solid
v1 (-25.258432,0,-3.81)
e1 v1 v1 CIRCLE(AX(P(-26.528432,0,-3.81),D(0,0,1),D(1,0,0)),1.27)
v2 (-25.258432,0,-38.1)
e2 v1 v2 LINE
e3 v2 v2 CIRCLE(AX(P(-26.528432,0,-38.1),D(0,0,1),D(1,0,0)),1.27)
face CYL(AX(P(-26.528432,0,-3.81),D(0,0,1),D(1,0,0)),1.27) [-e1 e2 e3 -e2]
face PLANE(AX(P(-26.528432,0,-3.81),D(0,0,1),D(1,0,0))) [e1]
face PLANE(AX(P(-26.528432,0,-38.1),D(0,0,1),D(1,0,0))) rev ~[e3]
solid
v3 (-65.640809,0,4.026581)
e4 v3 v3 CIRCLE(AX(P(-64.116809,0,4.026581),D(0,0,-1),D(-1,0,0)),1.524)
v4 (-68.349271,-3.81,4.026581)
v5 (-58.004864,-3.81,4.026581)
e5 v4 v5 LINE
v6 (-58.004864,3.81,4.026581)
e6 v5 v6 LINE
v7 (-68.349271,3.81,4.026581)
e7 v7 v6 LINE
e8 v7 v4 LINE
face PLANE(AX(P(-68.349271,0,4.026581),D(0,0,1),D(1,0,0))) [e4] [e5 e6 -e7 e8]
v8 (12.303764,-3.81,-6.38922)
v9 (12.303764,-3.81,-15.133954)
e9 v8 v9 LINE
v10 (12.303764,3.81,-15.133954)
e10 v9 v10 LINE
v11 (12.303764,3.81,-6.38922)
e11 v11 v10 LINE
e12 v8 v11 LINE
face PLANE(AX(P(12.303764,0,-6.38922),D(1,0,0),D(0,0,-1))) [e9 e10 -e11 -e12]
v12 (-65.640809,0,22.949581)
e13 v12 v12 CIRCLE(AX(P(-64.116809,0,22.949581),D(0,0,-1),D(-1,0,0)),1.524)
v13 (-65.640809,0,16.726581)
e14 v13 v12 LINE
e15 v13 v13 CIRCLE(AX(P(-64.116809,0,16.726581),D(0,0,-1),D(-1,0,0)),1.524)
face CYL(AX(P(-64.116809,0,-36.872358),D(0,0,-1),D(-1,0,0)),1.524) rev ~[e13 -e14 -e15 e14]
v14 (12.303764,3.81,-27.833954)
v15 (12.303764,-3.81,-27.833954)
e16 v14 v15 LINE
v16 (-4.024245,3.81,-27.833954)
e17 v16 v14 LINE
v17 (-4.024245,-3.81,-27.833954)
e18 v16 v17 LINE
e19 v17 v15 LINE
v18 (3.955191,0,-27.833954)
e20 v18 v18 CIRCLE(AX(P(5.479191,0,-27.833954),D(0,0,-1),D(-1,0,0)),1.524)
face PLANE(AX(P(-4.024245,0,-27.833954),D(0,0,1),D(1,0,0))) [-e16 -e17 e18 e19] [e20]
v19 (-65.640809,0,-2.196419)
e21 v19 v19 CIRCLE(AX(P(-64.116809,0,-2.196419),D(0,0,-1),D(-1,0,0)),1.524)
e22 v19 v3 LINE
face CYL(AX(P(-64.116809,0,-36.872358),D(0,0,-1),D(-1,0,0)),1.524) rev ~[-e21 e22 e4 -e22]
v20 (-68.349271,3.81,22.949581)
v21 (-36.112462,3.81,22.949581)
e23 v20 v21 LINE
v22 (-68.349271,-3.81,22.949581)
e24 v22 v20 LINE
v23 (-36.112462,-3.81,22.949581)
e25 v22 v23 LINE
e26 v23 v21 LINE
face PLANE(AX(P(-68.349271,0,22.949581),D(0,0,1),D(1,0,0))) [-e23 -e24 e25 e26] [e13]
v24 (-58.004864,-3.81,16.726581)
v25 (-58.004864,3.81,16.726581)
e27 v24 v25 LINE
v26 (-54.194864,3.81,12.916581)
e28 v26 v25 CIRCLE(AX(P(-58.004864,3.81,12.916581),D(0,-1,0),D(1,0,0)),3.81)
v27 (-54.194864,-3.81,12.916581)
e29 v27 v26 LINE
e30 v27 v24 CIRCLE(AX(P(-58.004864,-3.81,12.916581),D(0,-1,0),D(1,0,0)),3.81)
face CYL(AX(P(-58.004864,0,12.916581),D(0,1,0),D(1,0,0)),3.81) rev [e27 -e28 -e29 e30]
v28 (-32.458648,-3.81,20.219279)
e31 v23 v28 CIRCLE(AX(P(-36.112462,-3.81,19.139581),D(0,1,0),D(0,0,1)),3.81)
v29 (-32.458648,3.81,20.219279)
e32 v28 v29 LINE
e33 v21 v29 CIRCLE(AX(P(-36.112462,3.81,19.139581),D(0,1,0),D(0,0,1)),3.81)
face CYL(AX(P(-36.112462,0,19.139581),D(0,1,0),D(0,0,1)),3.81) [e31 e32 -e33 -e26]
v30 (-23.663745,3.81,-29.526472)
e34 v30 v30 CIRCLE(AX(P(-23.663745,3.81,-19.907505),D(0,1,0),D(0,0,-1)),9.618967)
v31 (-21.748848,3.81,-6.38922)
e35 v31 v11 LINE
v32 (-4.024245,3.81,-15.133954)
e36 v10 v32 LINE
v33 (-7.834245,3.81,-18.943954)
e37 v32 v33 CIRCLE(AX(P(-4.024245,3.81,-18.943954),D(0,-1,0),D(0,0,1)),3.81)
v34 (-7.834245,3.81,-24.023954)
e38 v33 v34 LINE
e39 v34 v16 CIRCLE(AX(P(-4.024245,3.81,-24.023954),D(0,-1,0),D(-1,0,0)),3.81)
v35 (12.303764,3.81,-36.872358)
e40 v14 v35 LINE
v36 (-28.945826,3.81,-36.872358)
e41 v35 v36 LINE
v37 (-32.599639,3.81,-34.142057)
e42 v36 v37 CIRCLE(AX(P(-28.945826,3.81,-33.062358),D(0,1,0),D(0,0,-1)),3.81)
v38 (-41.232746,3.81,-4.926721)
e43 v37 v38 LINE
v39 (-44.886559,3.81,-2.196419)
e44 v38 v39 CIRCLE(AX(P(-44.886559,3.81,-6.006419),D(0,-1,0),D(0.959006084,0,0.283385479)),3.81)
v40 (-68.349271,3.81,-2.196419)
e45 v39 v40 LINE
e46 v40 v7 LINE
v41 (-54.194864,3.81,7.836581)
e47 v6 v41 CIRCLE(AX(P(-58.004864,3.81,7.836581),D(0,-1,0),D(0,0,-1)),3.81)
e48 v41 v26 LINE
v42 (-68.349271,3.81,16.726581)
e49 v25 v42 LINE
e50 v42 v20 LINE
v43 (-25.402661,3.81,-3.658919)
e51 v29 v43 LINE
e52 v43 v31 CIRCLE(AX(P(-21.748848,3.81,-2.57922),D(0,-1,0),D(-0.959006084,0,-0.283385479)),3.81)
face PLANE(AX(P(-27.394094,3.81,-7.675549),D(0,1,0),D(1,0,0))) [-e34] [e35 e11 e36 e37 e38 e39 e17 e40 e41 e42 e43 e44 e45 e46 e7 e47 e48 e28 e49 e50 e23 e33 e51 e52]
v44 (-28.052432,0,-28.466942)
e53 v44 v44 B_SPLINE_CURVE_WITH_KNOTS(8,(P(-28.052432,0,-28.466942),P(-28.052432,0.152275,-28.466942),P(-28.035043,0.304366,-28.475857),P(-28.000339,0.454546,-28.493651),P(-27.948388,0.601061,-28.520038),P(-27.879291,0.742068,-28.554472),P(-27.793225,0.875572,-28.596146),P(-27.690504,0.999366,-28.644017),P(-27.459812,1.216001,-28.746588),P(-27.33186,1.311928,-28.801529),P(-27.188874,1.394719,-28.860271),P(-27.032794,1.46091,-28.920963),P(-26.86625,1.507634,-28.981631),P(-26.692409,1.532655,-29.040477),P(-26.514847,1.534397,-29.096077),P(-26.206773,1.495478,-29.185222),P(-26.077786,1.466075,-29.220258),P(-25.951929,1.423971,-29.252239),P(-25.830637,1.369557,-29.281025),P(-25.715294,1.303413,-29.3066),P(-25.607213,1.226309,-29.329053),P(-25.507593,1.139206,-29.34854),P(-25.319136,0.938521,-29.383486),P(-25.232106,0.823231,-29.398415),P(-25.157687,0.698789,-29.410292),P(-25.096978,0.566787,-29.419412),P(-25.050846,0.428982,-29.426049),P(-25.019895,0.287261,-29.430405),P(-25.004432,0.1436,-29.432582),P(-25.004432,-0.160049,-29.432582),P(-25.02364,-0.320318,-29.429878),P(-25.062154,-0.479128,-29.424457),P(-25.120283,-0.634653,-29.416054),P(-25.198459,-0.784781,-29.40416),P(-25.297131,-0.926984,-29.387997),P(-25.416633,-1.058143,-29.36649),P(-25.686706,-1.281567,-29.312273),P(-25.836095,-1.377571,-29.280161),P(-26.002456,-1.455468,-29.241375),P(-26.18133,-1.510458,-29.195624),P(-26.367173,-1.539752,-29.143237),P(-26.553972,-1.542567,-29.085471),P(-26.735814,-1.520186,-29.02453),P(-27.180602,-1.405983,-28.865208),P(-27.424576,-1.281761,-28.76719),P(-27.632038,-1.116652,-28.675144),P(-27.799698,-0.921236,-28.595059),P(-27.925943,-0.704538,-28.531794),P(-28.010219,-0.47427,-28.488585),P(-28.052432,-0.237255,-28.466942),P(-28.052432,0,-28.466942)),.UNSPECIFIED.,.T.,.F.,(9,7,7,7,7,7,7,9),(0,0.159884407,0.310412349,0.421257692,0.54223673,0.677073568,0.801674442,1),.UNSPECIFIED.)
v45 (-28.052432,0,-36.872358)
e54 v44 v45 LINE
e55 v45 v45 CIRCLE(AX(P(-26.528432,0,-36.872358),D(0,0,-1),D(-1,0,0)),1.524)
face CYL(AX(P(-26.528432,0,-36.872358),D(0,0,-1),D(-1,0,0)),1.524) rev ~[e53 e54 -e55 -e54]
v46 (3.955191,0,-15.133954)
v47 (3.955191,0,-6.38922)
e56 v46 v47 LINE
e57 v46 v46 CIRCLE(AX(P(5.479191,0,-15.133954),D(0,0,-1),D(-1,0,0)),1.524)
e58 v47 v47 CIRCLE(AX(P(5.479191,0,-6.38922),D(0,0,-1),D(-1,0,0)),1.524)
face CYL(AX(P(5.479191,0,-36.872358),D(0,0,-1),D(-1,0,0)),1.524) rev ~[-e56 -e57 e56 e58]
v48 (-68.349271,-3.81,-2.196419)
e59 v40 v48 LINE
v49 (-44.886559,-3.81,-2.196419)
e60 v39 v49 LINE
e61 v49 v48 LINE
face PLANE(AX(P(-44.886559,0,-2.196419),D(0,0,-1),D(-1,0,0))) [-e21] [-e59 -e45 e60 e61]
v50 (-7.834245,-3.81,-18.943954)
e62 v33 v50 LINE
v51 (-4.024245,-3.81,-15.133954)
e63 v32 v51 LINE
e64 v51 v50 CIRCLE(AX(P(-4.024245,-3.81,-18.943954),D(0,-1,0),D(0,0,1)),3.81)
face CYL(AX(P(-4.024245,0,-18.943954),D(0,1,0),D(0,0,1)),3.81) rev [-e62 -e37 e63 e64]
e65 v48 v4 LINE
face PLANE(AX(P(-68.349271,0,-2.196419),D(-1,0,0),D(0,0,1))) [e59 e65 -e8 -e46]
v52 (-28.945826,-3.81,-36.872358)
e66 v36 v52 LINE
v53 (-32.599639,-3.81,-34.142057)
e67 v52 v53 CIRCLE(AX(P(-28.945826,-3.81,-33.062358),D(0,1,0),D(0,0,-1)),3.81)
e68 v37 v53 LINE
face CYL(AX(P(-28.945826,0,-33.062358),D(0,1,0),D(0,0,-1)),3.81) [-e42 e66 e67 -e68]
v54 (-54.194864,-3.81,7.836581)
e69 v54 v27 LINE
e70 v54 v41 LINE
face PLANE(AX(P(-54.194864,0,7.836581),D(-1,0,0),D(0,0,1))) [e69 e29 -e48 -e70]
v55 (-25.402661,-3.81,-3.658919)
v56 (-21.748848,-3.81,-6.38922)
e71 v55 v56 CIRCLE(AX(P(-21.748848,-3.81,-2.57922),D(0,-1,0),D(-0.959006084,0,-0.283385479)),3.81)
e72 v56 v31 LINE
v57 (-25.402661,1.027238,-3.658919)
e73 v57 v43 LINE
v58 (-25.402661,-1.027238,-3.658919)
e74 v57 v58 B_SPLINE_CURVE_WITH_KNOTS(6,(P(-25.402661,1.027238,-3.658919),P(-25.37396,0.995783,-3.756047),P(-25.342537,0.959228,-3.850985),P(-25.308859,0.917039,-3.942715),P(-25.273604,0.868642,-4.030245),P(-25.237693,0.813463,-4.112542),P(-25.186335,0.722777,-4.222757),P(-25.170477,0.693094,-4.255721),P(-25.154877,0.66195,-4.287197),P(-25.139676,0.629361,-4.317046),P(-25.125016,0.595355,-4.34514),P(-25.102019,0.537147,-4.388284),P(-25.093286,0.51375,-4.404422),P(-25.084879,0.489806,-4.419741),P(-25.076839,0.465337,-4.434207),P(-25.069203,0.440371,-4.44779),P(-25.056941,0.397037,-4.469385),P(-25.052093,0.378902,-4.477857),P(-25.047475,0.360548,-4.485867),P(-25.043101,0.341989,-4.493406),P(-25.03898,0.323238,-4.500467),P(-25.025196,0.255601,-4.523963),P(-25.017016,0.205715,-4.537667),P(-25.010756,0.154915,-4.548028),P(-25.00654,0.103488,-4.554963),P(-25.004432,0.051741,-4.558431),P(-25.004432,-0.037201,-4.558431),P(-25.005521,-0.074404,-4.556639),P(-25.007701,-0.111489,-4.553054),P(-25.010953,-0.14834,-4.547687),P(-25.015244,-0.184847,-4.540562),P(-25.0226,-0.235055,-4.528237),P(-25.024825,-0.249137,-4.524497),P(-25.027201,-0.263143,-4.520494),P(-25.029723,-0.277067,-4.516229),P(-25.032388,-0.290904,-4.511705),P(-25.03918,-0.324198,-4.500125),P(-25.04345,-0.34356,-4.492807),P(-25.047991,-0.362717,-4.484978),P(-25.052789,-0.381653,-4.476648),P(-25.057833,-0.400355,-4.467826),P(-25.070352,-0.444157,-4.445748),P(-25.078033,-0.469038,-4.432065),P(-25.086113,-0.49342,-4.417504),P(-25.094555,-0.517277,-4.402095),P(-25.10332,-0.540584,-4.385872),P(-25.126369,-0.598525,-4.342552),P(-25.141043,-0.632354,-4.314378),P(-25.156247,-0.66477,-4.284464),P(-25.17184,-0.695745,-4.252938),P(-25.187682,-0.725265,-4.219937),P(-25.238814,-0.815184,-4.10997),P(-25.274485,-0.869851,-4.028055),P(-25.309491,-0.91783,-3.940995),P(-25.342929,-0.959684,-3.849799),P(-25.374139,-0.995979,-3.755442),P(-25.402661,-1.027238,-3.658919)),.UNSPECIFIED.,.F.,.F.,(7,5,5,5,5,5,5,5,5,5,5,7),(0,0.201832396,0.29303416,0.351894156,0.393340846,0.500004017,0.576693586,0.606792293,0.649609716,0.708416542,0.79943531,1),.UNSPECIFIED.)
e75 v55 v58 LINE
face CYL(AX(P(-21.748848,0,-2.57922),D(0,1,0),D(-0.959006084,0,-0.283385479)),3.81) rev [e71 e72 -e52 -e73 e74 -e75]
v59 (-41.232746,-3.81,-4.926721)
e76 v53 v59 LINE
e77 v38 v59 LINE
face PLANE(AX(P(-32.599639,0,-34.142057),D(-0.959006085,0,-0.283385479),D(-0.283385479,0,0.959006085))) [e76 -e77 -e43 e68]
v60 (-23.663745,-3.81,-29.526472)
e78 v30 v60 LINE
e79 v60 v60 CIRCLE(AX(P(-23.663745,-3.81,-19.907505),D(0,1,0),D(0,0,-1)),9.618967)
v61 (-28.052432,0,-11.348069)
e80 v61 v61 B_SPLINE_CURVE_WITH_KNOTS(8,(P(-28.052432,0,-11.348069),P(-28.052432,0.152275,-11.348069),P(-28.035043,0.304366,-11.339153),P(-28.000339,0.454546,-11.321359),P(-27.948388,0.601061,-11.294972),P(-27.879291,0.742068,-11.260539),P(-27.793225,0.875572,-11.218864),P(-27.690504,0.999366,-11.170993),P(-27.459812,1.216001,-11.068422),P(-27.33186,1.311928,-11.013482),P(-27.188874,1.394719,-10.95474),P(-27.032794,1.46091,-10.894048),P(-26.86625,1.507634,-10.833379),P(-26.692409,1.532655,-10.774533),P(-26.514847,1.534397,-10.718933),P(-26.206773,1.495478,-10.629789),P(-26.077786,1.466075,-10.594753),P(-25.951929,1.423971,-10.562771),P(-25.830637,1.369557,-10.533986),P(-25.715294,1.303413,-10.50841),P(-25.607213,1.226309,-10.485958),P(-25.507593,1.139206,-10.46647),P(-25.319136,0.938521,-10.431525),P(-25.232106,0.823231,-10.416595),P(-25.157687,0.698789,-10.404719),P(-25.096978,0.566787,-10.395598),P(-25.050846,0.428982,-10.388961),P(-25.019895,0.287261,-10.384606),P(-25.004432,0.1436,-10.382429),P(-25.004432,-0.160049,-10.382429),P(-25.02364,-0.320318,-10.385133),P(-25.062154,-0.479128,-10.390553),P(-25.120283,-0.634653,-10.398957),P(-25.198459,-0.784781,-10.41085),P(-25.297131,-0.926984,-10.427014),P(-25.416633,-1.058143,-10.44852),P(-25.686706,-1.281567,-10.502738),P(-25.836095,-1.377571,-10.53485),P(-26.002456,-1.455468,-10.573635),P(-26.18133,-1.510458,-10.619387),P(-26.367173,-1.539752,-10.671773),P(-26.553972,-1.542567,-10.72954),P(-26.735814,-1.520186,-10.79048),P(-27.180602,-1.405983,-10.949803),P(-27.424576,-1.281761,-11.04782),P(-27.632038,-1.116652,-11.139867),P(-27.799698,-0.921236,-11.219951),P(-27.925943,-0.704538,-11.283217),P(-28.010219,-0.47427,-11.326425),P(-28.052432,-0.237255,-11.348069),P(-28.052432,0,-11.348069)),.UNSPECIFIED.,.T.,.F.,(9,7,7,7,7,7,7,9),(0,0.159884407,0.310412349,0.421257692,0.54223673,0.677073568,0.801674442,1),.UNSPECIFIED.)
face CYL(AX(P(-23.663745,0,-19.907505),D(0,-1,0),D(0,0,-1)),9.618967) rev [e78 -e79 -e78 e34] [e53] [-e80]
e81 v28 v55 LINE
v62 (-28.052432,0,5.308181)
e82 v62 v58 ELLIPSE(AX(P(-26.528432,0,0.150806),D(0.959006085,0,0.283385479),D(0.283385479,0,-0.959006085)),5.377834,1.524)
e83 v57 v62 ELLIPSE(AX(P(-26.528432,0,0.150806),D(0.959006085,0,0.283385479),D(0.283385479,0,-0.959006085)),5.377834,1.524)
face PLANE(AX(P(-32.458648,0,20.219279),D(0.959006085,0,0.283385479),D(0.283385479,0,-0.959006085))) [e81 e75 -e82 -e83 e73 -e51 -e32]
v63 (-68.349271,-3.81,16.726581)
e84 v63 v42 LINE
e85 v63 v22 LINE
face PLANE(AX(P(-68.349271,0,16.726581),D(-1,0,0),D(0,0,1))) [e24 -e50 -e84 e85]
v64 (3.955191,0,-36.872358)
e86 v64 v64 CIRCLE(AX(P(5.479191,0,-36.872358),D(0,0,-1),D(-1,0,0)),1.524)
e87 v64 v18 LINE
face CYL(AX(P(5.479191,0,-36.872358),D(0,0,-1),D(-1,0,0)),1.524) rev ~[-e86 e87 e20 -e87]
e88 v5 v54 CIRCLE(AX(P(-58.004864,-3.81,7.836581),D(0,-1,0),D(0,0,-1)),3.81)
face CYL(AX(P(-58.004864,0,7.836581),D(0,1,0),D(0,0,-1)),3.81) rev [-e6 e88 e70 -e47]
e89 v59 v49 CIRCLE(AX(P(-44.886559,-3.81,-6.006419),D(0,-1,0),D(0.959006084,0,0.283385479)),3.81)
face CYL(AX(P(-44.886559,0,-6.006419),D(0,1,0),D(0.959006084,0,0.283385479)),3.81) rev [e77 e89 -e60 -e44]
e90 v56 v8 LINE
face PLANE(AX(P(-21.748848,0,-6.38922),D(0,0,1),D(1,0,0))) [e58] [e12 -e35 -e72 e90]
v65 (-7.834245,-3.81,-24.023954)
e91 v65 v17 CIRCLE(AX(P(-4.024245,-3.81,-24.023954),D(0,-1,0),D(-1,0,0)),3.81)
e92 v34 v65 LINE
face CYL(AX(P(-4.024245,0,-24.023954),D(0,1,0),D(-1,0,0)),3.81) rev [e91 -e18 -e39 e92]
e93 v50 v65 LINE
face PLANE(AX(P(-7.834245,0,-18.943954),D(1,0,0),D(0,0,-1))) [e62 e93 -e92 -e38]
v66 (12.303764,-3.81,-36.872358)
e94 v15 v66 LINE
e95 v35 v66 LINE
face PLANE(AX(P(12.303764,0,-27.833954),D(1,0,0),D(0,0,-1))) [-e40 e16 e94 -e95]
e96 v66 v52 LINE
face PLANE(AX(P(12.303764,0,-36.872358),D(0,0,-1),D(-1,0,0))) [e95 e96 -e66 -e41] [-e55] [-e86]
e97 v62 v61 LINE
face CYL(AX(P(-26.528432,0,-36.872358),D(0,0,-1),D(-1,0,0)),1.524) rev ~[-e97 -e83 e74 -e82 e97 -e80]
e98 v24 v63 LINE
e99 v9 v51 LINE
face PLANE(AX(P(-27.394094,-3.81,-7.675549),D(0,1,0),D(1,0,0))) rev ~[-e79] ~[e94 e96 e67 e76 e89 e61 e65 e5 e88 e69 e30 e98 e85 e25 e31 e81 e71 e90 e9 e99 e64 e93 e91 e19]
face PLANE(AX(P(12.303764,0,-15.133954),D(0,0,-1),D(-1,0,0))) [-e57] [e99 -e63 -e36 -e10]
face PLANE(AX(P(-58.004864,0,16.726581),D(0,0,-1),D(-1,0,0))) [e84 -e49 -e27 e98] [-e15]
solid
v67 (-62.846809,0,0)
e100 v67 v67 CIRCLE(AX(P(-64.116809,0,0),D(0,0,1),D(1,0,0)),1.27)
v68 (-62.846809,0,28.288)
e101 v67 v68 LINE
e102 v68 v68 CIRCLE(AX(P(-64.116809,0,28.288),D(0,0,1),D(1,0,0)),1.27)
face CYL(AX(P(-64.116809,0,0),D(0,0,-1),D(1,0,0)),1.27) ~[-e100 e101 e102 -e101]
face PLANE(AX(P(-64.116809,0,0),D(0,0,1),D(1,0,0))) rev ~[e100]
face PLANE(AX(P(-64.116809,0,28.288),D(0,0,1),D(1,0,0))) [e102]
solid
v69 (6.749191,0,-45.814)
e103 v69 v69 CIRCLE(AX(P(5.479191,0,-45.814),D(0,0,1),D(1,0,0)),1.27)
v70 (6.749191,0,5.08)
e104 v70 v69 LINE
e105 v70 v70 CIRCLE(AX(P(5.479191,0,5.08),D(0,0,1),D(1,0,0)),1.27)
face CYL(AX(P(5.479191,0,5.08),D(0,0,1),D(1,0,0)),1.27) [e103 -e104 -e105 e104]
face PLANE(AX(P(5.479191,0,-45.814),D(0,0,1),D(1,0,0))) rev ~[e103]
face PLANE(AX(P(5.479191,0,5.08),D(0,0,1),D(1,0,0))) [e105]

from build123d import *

# Parameters (mm, degrees)
SKETCH21_R         = 9.618966791
EXTRUDE1_DEPTH     = 3.81
SKETCH22_R         = 1.524
CUT_EXTRUDE1_DEPTH = 91.7575
EXTRUDE2_START     = -3.81
SKETCH24_R         = 1.27
EXTRUDE2_DEPTH     = 34.29
SKETCH24_3_R       = 1.27
EXTRUDE3_DEPTH     = 28.288
EXTRUDE4_START     = 5.08
SKETCH24_4_R       = 1.27
EXTRUDE4_DEPTH     = 50.894


with BuildPart() as part:
    # Sketch21 → Extrude1 (new, symmetric)
    with BuildSketch(Plane(origin=(0, 0, 0), x_dir=(1, 0, 0), z_dir=(0, 1, 0))):
        with BuildLine():
            Line((-68.34927062, -4.026580717), (-58.004863859, -4.026580717))
            ThreePointArc((-58.004863859, -4.026580717), (-55.310787023, -5.142503881), (-54.194863859, -7.836580717))
            Line((-54.194863859, -7.836580717), (-54.194863859, -12.916580717))
            ThreePointArc((-54.194863859, -12.916580717), (-55.310787023, -15.610657554), (-58.004863859, -16.726580717))
            Line((-58.004863859, -16.726580717), (-68.34927062, -16.726580717))
            Line((-68.34927062, -16.726580717), (-68.34927062, -22.949580717))
            Line((-68.34927062, -22.949580717), (-36.112461516, -22.949580717))
            ThreePointArc((-36.112461516, -22.949580717), (-33.831842297, -22.191608892), (-32.458648334, -20.219279394))
            Line((-32.458648334, -20.219279394), (-25.402661098, 3.658918981))
            ThreePointArc((-25.402661098, 3.658918981), (-24.029467135, 5.631248479), (-21.748847916, 6.389220304))
            Line((-21.748847916, 6.389220304), (12.303763798, 6.389220304))
            Line((12.303763798, 6.389220304), (12.303763798, 15.133953501))
            Line((12.303763798, 15.133953501), (-4.02424507, 15.133953501))
            ThreePointArc((-4.02424507, 15.133953501), (-6.718321906, 16.249876665), (-7.83424507, 18.943953501))
            Line((-7.83424507, 18.943953501), (-7.83424507, 24.023953501))
            ThreePointArc((-7.83424507, 24.023953501), (-6.718321906, 26.718030338), (-4.02424507, 27.833953501))
            Line((-4.02424507, 27.833953501), (12.303763798, 27.833953501))
            Line((12.303763798, 27.833953501), (12.303763798, 36.872358218))
            Line((12.303763798, 36.872358218), (-28.945825611, 36.872358218))
            ThreePointArc((-28.945825611, 36.872358218), (-31.22644483, 36.114386393), (-32.599638793, 34.142056894))
            Line((-32.599638793, 34.142056894), (-41.232745726, 4.926720606))
            ThreePointArc((-41.232745726, 4.926720606), (-42.605939689, 2.954391108), (-44.886558908, 2.196419283))
            Line((-44.886558908, 2.196419283), (-68.34927062, 2.196419283))
            Line((-68.34927062, 2.196419283), (-68.34927062, -4.026580717))
        make_face()
        with Locations(Location((-23.6637447, 19.907505249, 0), (0, 0, 90))):
            Circle(SKETCH21_R, mode=Mode.SUBTRACT)
    extrude(amount=EXTRUDE1_DEPTH, both=True)

    # Sketch22 → Cut-Extrude1 (cut, symmetric)
    with BuildSketch(Plane(origin=(0, 0, -36.872358218), x_dir=(-1, 0, 0), z_dir=(0, 0, -1))):
        with Locations((-5.47919097, 0)):
            Circle(SKETCH22_R)
        with Locations((64.11680903, 0)):
            Circle(SKETCH22_R)
        with Locations((26.528431516, 0)):
            Circle(SKETCH22_R)
    extrude(amount=CUT_EXTRUDE1_DEPTH, both=True, mode=Mode.SUBTRACT)


with BuildPart() as body_2:
    # Sketch24 → Extrude2 (new body)
    with BuildSketch(Plane.XY.offset(EXTRUDE2_START)):
        with Locations((-26.528431516, 0)):
            Circle(SKETCH24_R)
    extrude(amount=-EXTRUDE2_DEPTH)


with BuildPart() as body_3:
    # Sketch24<3> → Extrude3 (new body)
    with BuildSketch(Plane.XY):
        with Locations((-64.11680903, 0)):
            Circle(SKETCH24_3_R)
    extrude(amount=EXTRUDE3_DEPTH)


with BuildPart() as body_4:
    # Sketch24<4> → Extrude4 (new body)
    with BuildSketch(Plane.XY.offset(EXTRUDE4_START)):
        with Locations((5.47919097, 0)):
            Circle(SKETCH24_4_R)
    extrude(amount=-EXTRUDE4_DEPTH)


solid = Compound([part.part, body_2.part, body_3.part, body_4.part])
